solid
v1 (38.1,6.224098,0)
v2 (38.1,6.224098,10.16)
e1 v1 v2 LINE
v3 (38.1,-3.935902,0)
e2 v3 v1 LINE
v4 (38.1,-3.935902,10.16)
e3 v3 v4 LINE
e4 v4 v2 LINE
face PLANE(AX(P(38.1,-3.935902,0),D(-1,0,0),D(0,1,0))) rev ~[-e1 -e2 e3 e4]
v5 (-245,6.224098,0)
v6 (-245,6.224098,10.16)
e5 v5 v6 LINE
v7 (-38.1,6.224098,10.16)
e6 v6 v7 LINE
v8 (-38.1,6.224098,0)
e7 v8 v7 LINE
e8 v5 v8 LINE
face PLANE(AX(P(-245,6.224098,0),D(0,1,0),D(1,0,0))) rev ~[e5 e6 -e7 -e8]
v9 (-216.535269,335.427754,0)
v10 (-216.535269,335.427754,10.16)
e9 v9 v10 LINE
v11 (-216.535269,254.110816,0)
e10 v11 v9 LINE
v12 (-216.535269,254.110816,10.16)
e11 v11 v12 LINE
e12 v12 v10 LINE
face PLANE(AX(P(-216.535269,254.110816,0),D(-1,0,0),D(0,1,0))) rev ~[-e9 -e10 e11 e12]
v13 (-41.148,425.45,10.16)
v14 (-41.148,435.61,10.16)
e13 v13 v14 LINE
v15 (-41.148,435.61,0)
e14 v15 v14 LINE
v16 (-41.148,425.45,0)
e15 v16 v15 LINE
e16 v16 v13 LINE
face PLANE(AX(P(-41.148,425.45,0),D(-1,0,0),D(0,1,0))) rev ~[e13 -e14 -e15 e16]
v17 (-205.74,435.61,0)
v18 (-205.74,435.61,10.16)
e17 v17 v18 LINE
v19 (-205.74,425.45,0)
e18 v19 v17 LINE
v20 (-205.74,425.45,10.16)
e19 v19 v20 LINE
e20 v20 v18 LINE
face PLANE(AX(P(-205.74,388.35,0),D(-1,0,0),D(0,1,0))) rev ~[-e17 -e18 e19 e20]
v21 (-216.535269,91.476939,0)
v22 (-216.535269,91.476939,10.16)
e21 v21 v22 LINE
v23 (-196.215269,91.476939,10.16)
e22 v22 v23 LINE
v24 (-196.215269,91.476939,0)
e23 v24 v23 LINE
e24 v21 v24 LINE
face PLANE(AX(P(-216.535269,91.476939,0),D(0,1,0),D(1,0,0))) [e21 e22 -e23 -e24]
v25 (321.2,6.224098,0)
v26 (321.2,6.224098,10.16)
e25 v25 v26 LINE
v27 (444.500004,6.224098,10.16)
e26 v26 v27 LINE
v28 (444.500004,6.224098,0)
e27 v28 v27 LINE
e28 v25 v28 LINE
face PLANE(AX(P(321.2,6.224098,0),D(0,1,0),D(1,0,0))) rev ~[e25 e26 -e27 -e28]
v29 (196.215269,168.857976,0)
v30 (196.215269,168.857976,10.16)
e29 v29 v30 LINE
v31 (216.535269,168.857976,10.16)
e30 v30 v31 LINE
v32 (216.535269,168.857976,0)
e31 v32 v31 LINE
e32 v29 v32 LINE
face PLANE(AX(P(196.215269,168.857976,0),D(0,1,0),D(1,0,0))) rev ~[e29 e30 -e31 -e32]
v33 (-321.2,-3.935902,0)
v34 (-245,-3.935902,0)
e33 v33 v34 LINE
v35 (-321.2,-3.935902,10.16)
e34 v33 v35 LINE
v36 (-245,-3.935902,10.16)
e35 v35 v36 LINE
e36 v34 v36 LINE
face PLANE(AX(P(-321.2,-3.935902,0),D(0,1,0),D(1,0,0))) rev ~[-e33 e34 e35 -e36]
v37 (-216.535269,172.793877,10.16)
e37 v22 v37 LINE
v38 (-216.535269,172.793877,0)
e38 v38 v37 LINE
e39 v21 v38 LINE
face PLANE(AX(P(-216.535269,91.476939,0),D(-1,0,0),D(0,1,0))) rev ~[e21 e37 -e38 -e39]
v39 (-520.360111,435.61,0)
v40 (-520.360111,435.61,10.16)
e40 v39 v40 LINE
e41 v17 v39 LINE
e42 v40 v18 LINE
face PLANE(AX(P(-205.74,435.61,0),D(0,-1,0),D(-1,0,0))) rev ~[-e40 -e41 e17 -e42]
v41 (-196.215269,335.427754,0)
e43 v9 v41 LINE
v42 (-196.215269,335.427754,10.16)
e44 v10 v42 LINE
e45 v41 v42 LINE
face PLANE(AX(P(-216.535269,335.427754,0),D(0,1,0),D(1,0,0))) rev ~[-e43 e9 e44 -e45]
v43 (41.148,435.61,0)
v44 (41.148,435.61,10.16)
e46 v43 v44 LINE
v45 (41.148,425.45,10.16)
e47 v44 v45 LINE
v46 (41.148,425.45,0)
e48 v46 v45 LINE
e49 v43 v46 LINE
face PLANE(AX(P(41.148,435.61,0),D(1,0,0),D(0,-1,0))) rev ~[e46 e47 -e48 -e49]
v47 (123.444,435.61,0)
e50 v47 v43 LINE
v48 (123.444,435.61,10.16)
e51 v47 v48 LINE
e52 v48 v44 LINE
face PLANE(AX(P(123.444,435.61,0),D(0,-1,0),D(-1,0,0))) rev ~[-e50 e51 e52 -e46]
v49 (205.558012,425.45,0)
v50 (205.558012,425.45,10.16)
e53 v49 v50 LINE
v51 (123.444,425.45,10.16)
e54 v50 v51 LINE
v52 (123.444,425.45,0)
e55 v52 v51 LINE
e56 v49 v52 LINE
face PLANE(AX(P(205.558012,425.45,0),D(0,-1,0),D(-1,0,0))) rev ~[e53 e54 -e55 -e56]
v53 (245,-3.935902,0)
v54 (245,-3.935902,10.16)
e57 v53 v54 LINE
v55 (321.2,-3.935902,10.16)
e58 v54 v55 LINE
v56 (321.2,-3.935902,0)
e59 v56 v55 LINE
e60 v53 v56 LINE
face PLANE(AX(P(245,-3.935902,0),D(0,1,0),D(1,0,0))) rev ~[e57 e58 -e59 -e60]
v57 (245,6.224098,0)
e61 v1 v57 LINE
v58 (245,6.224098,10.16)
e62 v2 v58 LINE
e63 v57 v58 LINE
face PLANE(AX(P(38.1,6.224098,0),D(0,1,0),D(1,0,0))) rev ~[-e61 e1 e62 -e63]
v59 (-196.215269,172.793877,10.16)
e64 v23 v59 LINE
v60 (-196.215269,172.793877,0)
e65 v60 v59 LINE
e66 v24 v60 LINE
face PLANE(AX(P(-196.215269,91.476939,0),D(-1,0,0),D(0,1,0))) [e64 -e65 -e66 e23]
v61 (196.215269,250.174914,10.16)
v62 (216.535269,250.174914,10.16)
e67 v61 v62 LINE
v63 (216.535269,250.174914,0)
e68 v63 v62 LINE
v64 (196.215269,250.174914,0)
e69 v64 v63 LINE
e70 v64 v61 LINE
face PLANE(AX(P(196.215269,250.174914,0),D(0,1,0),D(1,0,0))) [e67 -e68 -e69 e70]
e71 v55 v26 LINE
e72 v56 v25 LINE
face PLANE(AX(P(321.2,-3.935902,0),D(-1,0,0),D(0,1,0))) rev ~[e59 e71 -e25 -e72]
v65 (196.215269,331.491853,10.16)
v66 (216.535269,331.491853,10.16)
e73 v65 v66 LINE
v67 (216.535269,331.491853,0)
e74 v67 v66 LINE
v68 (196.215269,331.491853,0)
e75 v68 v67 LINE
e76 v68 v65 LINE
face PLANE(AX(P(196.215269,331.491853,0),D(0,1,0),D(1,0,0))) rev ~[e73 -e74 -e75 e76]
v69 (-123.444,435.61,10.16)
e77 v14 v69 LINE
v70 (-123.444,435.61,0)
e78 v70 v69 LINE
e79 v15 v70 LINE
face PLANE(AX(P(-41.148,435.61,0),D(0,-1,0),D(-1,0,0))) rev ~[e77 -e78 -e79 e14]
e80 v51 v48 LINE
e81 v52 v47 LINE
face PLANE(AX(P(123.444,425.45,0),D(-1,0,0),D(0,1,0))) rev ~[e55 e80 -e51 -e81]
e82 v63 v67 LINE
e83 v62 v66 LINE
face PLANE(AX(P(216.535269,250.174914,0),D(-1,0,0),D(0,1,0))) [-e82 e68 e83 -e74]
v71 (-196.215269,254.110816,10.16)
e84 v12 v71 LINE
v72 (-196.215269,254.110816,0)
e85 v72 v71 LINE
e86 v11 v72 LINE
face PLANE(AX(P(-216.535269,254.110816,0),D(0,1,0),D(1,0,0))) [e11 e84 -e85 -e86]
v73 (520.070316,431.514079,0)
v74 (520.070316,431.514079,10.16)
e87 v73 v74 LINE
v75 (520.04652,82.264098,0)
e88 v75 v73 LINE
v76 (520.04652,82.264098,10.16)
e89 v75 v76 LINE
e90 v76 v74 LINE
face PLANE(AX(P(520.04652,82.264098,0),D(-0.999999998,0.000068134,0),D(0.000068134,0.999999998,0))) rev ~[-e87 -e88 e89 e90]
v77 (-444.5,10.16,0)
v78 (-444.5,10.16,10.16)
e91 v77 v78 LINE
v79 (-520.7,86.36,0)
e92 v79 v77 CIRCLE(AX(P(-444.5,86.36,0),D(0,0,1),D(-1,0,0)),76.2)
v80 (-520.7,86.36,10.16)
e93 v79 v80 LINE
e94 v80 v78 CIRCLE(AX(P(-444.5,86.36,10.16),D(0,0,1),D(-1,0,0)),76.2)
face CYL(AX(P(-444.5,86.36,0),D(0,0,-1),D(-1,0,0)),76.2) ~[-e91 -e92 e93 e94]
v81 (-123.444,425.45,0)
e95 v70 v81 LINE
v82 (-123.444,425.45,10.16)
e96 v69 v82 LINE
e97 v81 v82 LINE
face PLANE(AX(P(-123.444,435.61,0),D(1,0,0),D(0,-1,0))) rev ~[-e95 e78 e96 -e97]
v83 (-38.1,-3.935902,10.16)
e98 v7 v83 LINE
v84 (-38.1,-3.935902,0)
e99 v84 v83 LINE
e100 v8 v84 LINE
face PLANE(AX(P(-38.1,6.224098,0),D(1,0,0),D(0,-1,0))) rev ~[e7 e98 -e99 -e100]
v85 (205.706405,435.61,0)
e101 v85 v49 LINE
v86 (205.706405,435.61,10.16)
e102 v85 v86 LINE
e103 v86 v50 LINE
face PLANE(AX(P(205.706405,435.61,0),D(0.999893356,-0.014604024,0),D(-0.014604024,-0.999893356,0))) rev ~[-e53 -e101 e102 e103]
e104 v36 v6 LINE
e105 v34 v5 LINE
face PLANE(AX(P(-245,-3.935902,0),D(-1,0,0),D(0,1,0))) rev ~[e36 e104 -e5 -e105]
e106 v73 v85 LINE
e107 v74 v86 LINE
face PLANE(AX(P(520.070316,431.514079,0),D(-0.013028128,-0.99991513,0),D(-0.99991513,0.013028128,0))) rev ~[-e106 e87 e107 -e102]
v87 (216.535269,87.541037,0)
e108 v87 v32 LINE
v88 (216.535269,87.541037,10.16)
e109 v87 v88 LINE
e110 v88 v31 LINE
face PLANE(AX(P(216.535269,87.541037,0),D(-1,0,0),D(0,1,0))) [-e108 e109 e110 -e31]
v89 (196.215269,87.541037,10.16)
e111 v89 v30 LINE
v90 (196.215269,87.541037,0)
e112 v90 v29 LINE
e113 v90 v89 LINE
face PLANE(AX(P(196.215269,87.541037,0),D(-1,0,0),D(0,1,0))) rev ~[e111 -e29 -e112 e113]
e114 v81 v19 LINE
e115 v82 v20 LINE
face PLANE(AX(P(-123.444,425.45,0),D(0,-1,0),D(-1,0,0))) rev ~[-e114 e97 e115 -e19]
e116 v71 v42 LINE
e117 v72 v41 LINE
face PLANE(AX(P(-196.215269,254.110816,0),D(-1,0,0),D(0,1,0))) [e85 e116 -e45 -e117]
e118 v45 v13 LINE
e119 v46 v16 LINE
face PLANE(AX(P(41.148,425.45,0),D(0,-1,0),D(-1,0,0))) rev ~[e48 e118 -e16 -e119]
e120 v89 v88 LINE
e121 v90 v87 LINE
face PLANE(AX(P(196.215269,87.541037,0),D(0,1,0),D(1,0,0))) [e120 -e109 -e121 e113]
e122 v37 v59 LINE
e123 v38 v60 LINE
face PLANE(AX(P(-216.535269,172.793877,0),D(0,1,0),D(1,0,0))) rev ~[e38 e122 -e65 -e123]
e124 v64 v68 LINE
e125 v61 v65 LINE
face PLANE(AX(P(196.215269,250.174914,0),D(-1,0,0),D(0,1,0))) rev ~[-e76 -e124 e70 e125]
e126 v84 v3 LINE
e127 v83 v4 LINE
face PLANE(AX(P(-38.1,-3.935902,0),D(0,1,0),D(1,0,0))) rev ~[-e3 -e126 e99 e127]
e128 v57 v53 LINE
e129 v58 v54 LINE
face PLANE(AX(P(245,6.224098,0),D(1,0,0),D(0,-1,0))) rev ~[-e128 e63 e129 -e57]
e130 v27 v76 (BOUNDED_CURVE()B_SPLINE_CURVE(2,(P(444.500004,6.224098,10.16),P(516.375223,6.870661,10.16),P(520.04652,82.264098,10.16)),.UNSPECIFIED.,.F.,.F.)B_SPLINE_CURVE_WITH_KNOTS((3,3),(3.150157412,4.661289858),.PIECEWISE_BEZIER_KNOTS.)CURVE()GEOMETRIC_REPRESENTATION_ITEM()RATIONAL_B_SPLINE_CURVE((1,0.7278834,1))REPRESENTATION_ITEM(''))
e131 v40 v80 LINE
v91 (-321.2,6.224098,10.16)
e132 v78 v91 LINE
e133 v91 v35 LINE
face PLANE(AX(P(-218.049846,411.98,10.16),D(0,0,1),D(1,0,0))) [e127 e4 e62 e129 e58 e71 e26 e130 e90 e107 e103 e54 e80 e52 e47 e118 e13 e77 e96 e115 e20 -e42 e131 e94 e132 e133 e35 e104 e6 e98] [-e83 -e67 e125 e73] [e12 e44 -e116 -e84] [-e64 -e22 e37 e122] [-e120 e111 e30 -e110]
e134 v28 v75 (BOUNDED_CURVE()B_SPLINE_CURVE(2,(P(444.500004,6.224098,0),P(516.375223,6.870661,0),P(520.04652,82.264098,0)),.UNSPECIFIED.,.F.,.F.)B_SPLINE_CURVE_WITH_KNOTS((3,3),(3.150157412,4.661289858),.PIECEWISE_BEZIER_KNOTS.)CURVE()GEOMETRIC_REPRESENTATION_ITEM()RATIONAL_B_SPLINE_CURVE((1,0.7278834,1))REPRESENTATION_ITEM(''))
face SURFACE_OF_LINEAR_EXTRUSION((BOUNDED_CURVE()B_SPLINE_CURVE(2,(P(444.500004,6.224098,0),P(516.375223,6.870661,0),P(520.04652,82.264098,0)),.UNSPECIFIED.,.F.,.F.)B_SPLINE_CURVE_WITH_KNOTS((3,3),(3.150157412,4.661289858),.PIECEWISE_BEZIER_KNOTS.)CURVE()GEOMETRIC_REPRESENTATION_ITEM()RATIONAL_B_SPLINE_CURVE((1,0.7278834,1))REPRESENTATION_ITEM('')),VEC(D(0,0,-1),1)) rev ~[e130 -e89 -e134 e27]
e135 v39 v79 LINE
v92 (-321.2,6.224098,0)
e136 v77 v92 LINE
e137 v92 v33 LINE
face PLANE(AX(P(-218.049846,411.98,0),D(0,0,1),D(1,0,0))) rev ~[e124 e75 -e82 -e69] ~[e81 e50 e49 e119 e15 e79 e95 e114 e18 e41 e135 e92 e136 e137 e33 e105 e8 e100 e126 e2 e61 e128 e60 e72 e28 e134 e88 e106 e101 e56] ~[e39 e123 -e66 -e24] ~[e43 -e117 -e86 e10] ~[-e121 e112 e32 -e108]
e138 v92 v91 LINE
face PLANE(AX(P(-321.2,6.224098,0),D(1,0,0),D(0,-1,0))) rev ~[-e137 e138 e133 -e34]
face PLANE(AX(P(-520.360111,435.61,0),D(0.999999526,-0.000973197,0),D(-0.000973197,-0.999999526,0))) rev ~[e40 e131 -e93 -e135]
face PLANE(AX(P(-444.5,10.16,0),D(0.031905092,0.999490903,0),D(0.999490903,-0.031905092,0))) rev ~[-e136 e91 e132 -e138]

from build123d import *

# Parameters (mm, degrees)
SKETCH1_W           = 20.32
SKETCH1_H           = 81.316938585
SKETCH1_H_2         = 81.316938584
BOSS_EXTRUDE1_DEPTH = 10.16


with BuildPart() as part:
    # Sketch1 → Boss-Extrude1 (new body)
    # profile 1 of 2: a face of its own
    with BuildSketch(Plane.XY):
        with BuildLine():
            ThreePointArc((-520.699999986, 86.36), (-498.381536717, 32.478463279), (-444.5, 10.16))
            Line((-444.5, 10.16), (-321.2, 6.224098454))
            Line((-321.2, 6.224098454), (-321.2, -3.935901546))
            Line((-321.2, -3.935901546), (-245, -3.935901546))
            Line((-245, -3.935901546), (-245, 6.224098454))
            Line((-245, 6.224098454), (-38.1, 6.224098454))
            Line((-38.1, 6.224098454), (-38.1, -3.935901546))
            Line((-38.1, -3.935901546), (38.1, -3.935901546))
            Line((38.1, -3.935901546), (38.1, 6.224098454))
            Line((38.1, 6.224098454), (245, 6.224098454))
            Line((245, 6.224098454), (245, -3.935901546))
            Line((245, -3.935901546), (321.2, -3.935901546))
            Line((321.2, -3.935901546), (321.2, 6.224098454))
            Line((321.2, 6.224098454), (444.500003861, 6.224098454))
            add(Edge.make_bspline(
                [(444.500003861, 6.224098454), (516.375223264, 6.870661069), (520.046520409, 82.264098454)],
                knots=[3.150157412, 3.150157412, 3.150157412, 4.661289858, 4.661289858, 4.661289858], degree=2, weights=[1, 0.7278834, 1]))
            Line((520.046520409, 82.264098454), (520.070316171, 431.514078957))
            Line((520.070316171, 431.514078957), (205.706405146, 435.61))
            Line((205.706405146, 435.61), (205.558012439, 425.45))
            Line((205.558012439, 425.45), (123.444, 425.45))
            Line((123.444, 425.45), (123.444, 435.61))
            Line((123.444, 435.61), (41.148, 435.61))
            Line((41.148, 435.61), (41.148, 425.45))
            Line((41.148, 425.45), (-41.148, 425.45))
            Line((-41.148, 425.45), (-41.148, 435.61))
            Line((-41.148, 435.61), (-123.444, 435.61))
            Line((-123.444, 435.61), (-123.444, 425.45))
            Line((-123.444, 425.45), (-205.739999986, 425.45))
            Line((-205.739999986, 425.45), (-205.739999986, 388.35))
            Line((-205.739999986, 388.35), (-230.359692704, 388.35))
            Line((-230.359692704, 388.35), (-230.359692704, 435.61))
            Line((-230.359692704, 435.61), (-520.3601107, 435.61))
            Line((-520.3601107, 435.61), (-520.699999986, 86.36))
        make_face()
        with Locations((-206.375268781, 132.135407878)):
            Rectangle(SKETCH1_W, SKETCH1_H, mode=Mode.SUBTRACT)
        with Locations((206.375268781, 128.199506331)):
            Rectangle(SKETCH1_W, SKETCH1_H_2, mode=Mode.SUBTRACT)
        with Locations((-206.375268781, 294.769285048)):
            Rectangle(SKETCH1_W, SKETCH1_H, mode=Mode.SUBTRACT)
        with Locations((206.375268781, 290.833383501)):
            Rectangle(SKETCH1_W, SKETCH1_H, mode=Mode.SUBTRACT)
    # profile 2 of 2: a face of its own
    with BuildSketch(Plane.XY):
        Polygon((-205.739999986, 435.61), (-230.359692704, 435.61), (-230.359692704, 388.35), (-205.739999986, 388.35), (-205.739999986, 425.45), align=None)
    extrude(amount=BOSS_EXTRUDE1_DEPTH)


solid = part.part
